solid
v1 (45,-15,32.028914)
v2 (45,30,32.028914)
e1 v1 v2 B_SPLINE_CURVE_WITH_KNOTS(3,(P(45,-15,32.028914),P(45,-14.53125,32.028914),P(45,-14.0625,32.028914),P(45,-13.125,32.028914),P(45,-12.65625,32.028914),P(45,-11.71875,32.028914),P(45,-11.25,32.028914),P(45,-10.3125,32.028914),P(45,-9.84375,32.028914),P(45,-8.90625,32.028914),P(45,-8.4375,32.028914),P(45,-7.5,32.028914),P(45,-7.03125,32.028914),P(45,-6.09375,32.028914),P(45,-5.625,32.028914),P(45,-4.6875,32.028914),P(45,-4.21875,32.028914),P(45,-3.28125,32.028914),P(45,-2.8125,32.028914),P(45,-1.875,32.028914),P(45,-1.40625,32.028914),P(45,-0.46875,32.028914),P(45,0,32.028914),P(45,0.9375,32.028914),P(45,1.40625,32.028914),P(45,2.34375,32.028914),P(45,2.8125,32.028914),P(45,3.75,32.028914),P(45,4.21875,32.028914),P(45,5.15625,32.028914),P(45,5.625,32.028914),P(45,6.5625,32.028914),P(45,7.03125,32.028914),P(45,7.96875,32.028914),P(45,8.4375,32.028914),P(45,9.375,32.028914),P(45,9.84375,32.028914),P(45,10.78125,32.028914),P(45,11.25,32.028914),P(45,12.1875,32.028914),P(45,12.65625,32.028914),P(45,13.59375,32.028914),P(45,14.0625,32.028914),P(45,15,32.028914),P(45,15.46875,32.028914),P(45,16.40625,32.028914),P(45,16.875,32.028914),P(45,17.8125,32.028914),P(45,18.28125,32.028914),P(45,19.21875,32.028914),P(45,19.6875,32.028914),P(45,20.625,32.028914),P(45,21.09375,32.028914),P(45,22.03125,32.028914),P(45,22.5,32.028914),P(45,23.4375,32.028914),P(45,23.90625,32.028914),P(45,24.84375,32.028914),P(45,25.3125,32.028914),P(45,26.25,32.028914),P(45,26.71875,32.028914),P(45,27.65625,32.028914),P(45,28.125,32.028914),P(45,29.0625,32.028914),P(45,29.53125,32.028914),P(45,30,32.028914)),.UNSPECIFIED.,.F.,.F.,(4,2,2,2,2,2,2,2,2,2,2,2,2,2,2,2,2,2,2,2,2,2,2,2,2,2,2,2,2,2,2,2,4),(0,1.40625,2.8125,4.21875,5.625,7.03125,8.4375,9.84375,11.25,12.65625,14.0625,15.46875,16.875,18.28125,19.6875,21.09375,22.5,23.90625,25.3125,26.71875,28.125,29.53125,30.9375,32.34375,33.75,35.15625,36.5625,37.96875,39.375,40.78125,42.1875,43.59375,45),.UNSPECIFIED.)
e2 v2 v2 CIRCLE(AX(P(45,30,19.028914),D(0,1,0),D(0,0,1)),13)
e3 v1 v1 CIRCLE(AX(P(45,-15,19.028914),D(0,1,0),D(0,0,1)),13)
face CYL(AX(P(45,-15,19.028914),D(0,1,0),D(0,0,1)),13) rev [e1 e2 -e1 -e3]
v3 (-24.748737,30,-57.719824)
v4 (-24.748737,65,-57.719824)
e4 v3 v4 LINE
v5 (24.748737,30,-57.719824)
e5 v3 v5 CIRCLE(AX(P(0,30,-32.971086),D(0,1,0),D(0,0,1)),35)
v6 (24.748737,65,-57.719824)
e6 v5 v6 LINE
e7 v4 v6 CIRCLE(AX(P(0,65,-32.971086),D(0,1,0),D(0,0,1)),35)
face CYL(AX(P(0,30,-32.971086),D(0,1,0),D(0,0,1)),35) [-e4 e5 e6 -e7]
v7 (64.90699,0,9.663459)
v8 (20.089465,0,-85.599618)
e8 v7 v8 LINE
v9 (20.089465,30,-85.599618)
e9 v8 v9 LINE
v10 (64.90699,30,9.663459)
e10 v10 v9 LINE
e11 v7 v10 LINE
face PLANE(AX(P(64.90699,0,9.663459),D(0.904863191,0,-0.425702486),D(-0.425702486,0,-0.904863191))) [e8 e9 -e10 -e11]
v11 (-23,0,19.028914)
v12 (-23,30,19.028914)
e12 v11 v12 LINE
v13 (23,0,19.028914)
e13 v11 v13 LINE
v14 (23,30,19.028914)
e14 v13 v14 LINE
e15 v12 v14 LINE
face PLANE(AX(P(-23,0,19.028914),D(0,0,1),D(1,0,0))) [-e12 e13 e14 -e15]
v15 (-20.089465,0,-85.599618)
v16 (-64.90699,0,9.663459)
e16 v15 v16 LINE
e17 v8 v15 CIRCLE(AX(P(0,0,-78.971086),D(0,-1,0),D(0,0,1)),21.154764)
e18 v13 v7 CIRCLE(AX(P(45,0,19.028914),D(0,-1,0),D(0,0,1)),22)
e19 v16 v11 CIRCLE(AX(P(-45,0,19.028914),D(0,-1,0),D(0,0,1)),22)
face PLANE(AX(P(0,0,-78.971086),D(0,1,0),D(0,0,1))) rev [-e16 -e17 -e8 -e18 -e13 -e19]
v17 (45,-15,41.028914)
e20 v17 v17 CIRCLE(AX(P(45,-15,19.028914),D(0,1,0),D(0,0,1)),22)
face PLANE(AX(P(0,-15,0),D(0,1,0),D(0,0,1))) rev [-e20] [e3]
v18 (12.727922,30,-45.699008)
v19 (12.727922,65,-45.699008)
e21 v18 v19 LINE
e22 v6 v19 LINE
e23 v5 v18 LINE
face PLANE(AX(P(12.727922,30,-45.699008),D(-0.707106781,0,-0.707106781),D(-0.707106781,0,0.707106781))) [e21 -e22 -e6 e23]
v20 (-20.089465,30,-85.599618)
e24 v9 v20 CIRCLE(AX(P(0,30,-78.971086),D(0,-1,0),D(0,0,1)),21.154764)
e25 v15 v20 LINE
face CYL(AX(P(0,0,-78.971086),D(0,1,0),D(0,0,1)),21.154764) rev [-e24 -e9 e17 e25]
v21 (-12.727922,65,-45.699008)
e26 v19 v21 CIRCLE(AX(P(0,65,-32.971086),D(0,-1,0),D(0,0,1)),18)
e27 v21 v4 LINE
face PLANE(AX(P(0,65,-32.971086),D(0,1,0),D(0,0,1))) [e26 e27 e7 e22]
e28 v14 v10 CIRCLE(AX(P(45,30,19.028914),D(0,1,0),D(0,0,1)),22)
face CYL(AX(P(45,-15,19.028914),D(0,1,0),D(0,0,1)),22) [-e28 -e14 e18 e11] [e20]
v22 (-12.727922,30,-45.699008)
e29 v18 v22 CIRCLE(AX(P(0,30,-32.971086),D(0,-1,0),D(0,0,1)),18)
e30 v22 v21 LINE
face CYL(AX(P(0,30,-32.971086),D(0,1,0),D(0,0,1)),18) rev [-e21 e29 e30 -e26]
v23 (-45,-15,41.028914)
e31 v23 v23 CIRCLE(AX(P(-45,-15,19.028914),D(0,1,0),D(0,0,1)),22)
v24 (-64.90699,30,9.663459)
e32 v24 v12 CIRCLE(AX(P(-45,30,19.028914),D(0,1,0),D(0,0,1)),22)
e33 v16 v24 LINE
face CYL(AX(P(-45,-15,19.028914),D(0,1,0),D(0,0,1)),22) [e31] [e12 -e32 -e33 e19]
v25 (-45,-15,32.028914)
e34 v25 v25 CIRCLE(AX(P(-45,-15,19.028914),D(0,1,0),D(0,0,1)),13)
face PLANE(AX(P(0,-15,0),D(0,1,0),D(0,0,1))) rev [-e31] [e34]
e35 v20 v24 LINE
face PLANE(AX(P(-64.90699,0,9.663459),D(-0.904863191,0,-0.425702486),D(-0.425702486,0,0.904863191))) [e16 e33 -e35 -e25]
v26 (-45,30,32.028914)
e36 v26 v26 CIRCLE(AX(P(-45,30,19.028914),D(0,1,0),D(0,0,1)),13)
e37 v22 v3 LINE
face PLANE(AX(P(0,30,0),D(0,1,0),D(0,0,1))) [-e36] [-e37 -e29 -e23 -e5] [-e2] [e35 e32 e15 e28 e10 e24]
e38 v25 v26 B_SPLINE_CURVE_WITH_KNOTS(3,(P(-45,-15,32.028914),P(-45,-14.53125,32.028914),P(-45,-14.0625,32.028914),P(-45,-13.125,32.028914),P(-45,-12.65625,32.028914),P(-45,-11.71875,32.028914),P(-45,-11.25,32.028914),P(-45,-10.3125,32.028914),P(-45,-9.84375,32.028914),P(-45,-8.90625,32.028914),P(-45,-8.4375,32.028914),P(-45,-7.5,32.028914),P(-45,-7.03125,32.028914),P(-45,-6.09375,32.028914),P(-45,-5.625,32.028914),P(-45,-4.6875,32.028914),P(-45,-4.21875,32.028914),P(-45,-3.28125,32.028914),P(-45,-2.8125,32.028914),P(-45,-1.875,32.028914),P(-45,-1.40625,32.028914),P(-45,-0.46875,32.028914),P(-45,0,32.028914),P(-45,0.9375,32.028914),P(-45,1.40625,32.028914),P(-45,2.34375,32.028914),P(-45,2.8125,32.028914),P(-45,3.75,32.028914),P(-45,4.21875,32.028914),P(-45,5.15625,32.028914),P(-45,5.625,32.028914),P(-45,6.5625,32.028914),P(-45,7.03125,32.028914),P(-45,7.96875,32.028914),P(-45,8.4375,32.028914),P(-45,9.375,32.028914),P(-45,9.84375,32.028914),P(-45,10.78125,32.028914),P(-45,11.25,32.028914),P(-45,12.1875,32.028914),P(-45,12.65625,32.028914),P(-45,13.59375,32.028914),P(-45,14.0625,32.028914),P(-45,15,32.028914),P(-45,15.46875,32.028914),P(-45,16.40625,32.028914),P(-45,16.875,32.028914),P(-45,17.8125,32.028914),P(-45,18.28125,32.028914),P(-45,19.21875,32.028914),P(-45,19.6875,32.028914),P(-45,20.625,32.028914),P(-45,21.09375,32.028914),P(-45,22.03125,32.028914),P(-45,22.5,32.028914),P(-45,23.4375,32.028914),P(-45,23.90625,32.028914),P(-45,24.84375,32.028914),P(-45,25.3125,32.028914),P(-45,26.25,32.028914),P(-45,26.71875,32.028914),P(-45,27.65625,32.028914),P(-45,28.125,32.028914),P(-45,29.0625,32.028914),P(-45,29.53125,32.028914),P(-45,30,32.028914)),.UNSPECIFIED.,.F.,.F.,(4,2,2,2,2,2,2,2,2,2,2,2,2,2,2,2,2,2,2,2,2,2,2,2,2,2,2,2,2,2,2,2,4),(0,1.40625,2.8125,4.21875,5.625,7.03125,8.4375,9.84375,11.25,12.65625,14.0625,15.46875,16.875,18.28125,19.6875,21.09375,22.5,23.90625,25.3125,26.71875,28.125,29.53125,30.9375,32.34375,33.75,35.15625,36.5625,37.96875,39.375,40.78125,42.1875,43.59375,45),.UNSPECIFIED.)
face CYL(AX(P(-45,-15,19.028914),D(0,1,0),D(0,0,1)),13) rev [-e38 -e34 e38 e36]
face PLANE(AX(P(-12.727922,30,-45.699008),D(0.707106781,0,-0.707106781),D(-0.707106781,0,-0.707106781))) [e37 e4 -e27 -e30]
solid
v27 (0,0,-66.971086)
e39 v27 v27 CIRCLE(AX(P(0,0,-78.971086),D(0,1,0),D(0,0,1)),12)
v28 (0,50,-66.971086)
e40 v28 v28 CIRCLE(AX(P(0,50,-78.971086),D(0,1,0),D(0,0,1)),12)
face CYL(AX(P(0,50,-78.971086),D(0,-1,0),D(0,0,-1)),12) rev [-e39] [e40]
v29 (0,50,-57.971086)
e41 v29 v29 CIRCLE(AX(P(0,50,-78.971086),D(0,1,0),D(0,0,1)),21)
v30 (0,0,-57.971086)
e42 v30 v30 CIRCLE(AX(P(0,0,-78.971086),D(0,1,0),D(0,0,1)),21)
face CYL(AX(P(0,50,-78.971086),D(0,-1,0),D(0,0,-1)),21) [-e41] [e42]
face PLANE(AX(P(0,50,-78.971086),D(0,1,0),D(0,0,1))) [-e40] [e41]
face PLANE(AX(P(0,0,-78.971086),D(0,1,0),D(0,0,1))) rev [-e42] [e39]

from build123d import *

# Parameters (mm, degrees)
SKETCH1_R             = 21
SKETCH1_R_2           = 12
BOSS_EXTRUDE1_DEPTH   = 50
SKETCH2_R             = 13
BOSS_EXTRUDE2_DEPTH   = 45
BOSS_EXTRUDE2_2_DEPTH = 45
BOSS_EXTRUDE3_DEPTH   = 30
BOSS_EXTRUDE4_DEPTH   = 35


with BuildPart() as part:
    # Sketch1 → Boss-Extrude1 (new body)
    with BuildSketch(Plane(origin=(0, 0, 0), x_dir=(1, 0, 0), z_dir=(0, 1, 0))):
        with Locations(Location((0, 78.9710862, 0), (0, 0, 270))):
            Circle(SKETCH1_R)
        with Locations(Location((0, 78.9710862, 0), (0, 0, 270))):
            Circle(SKETCH1_R_2, mode=Mode.SUBTRACT)
    extrude(amount=BOSS_EXTRUDE1_DEPTH)


with BuildPart() as body_2:
    # Sketch2 → Boss-Extrude2 (new body)
    with BuildSketch(Plane(origin=(0, 30, 0), x_dir=(1, 0, 0), z_dir=(0, 1, 0))):
        with BuildLine():
            ThreePointArc((-23, -19.0289138), (-40.201759921, 2.441458626), (-64.906990195, -9.663459119))
            ThreePointArc((-64.906990195, -9.663459119), (-66.470372427, -14.230673721), (-67, -19.0289138))
            ThreePointArc((-67, -19.0289138), (-45, -41.0289138), (-23, -19.0289138))
        make_face()
        with Locations(Location((-45, -19.0289138, 0), (0, 0, 270))):
            Circle(SKETCH2_R, mode=Mode.SUBTRACT)
    extrude(amount=-BOSS_EXTRUDE2_DEPTH)



with BuildPart() as body_3:
    # Sketch2 → Boss-Extrude2 2 (new body)
    with BuildSketch(Plane(origin=(0, 30, 0), x_dir=(1, 0, 0), z_dir=(0, 1, 0))):
        with BuildLine():
            ThreePointArc((64.906990195, -9.663459119), (40.201759921, 2.441458626), (23, -19.0289138))
            ThreePointArc((23, -19.0289138), (45, -41.0289138), (67, -19.0289138))
            ThreePointArc((67, -19.0289138), (66.470372427, -14.230673721), (64.906990195, -9.663459119))
        make_face()
        with Locations(Location((45, -19.0289138, 0), (0, 0, 270))):
            Circle(SKETCH2_R, mode=Mode.SUBTRACT)
    extrude(amount=-BOSS_EXTRUDE2_2_DEPTH)


with BuildPart() as body_2_1:
    add(body_2.part)

    add(body_3.part)  # Boss-Extrude3 merges body 3
    # Sketch3 → Boss-Extrude3 (add)
    with BuildSketch(Plane(origin=(0, 30, 0), x_dir=(1, 0, 0), z_dir=(0, 1, 0))):
        with BuildLine():
            Line((-64.906990195, -9.663459119), (-20.089465247, 85.5996178))
            ThreePointArc((-20.089465247, 85.5996178), (0, 57.816322077), (20.089465247, 85.5996178))
            Line((20.089465247, 85.5996178), (64.906990195, -9.663459119))
            ThreePointArc((64.906990195, -9.663459119), (40.201759921, 2.441458626), (23, -19.0289138))
            Line((23, -19.0289138), (-23, -19.0289138))
            ThreePointArc((-23, -19.0289138), (-40.201759921, 2.441458626), (-64.906990195, -9.663459119))
        make_face()
    extrude(amount=-BOSS_EXTRUDE3_DEPTH)

    # Sketch5 → Boss-Extrude4 (add)
    with BuildSketch(Plane(origin=(0, 65, 0), x_dir=(1, 0, 0), z_dir=(0, 1, 0))):
        with BuildLine():
            Line((-12.727922061, 45.699008261), (-24.748737342, 57.719823541))
            ThreePointArc((-24.748737342, 57.719823541), (0, -2.0289138), (24.748737342, 57.719823541))
            Line((24.748737342, 57.719823541), (12.727922061, 45.699008261))
            ThreePointArc((12.727922061, 45.699008261), (0, 14.9710862), (-12.727922061, 45.699008261))
        make_face()
    extrude(amount=-BOSS_EXTRUDE4_DEPTH)


solid = Compound([part.part, body_2_1.part])
